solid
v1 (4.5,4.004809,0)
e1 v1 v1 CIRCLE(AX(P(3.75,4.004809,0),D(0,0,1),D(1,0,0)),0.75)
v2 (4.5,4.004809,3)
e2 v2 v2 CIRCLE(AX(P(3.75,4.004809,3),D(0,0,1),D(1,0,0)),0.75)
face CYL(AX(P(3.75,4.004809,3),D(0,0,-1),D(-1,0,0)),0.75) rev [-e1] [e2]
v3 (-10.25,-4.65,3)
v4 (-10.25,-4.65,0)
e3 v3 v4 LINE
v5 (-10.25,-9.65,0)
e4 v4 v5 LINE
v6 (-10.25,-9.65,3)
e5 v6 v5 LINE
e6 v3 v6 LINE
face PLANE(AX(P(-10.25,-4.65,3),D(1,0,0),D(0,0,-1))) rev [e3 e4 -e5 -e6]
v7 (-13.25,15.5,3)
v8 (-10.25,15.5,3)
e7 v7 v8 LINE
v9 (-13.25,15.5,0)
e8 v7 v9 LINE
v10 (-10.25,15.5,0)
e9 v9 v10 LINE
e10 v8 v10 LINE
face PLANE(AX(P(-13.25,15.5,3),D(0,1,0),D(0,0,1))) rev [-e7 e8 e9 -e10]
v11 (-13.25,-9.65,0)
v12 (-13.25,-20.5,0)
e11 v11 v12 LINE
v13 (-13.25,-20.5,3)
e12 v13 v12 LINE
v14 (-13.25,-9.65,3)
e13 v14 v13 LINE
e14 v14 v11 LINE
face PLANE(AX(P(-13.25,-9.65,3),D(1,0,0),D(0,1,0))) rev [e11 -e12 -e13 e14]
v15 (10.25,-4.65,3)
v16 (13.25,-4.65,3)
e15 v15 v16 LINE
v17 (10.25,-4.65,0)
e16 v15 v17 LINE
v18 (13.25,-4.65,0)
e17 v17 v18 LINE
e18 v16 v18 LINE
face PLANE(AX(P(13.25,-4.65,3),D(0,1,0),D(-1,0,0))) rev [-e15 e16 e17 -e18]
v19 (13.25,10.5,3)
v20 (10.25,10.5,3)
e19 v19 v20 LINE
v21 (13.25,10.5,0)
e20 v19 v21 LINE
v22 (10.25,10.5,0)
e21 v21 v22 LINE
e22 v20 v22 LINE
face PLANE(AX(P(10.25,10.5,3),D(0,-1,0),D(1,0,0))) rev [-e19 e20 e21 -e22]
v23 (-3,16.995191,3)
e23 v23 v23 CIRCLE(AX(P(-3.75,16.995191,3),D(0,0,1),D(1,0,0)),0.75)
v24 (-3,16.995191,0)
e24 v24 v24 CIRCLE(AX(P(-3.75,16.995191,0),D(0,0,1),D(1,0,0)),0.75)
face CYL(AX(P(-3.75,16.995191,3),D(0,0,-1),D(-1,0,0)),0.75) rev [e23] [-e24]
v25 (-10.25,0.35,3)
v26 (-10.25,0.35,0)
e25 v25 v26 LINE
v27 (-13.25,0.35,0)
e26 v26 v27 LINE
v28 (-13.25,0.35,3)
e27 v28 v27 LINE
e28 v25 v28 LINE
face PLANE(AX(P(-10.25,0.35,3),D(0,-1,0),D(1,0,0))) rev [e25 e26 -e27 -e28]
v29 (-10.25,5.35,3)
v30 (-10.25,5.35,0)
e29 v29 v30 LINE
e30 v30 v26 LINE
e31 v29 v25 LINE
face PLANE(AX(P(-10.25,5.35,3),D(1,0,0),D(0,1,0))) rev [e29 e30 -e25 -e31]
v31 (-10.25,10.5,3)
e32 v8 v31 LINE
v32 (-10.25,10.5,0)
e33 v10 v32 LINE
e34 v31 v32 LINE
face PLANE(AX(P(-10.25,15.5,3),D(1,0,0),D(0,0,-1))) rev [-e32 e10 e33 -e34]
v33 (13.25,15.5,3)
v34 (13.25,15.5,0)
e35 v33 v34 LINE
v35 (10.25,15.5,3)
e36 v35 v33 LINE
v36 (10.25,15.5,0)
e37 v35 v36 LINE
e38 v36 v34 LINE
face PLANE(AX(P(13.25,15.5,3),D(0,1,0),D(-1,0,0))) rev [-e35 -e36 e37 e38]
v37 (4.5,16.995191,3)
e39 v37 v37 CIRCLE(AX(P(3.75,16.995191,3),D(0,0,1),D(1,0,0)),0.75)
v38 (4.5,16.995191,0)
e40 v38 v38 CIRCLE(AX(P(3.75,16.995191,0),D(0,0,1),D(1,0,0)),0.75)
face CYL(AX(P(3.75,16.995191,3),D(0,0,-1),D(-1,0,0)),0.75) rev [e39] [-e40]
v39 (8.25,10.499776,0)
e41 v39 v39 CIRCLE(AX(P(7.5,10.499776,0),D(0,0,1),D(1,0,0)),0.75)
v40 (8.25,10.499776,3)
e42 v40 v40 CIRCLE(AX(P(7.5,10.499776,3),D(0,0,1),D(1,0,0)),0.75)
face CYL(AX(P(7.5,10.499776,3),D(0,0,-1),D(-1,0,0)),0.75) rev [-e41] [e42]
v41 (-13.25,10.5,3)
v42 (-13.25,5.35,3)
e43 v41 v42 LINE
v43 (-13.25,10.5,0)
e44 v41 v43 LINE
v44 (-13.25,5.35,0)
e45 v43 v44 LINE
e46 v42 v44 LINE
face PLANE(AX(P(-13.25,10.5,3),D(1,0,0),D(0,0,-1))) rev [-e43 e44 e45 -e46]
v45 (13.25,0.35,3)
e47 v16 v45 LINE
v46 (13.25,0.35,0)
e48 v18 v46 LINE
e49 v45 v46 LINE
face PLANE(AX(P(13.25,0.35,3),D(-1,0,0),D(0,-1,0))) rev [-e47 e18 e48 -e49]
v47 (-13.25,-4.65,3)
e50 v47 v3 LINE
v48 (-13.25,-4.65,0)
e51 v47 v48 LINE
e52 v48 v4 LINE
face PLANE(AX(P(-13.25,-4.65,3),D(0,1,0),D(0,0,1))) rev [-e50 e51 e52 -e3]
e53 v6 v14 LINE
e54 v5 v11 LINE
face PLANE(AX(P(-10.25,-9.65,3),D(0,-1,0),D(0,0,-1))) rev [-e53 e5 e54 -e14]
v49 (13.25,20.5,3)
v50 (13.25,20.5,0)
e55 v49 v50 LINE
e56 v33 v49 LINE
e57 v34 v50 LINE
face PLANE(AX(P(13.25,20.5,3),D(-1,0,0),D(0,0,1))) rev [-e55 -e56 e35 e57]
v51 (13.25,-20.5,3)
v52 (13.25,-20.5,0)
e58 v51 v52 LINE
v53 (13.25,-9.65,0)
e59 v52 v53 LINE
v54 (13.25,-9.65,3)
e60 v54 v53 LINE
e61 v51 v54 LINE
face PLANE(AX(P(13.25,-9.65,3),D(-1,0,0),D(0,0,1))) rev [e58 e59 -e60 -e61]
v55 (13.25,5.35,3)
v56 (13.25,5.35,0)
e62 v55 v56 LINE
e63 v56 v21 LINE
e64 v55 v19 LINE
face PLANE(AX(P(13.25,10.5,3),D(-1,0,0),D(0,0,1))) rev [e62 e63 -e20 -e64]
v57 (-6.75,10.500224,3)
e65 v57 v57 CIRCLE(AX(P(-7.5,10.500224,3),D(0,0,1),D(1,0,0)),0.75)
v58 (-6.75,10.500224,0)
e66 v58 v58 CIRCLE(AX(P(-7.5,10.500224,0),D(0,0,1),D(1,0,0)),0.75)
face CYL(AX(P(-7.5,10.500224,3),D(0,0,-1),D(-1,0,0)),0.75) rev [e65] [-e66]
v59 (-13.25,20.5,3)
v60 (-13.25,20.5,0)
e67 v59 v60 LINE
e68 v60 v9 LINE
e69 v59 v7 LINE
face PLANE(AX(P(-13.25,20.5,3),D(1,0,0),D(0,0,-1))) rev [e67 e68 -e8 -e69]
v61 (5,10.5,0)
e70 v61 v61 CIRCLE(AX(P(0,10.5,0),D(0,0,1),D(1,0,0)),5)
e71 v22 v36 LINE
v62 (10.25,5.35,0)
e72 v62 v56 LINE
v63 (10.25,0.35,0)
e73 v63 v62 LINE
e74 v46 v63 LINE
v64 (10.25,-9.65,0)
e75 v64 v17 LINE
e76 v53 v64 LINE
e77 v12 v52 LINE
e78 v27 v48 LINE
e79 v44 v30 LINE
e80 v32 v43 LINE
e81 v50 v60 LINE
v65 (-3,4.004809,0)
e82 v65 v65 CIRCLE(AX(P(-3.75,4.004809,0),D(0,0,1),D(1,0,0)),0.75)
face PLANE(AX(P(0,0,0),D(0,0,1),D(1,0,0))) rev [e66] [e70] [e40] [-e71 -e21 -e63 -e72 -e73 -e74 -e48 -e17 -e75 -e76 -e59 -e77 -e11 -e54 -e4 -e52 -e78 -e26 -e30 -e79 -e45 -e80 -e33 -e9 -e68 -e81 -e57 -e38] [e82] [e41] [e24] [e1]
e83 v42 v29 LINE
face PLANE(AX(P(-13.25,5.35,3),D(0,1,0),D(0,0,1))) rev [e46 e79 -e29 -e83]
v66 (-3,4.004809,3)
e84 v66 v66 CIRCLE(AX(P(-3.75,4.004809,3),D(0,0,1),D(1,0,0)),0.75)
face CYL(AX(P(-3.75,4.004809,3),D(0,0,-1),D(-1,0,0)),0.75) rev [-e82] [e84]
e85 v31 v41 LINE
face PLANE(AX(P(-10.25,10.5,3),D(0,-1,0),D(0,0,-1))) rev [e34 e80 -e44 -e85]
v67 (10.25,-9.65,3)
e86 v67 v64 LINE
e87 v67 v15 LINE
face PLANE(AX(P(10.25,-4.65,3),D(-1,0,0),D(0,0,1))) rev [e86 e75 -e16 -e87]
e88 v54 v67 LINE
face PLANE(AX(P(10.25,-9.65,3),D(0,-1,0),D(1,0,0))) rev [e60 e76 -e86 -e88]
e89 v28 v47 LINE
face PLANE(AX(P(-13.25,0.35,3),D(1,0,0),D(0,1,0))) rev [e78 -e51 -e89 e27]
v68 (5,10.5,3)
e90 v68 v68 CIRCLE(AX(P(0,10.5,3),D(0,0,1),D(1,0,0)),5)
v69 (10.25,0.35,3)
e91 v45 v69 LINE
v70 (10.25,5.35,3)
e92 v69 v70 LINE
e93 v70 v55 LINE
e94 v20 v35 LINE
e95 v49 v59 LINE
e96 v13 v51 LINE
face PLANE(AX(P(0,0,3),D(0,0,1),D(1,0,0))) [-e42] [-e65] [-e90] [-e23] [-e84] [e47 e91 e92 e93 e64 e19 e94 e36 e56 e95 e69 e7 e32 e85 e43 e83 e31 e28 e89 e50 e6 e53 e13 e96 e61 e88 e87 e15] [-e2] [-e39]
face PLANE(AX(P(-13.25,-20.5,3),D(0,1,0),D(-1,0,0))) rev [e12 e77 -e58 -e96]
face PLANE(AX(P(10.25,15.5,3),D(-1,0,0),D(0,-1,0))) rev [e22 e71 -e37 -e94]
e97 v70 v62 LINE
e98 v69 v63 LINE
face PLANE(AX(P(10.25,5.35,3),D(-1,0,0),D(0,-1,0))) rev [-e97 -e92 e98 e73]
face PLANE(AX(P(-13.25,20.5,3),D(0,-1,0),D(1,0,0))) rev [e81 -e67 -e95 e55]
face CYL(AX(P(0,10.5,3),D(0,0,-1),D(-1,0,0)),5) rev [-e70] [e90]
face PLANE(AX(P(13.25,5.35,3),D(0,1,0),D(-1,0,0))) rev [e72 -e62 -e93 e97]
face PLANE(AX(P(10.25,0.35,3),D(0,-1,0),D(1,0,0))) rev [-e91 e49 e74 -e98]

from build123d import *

# Parameters (mm, degrees)
SKETCH1_R           = 5
SKETCH1_R_2         = 0.75
BOSS_EXTRUDE1_DEPTH = 3


with BuildPart() as part:
    # Sketch1 → Boss-Extrude1 (new body)
    with BuildSketch(Plane.XY):
        Polygon((-13.25, 15.5), (-10.25, 15.5), (-10.25, 10.5), (-13.25, 10.5), (-13.25, 5.35), (-10.25, 5.35), (-10.25, 0.35), (-13.25, 0.35), (-13.25, -4.65), (-10.25, -4.65), (-10.25, -9.65), (-13.25, -9.65), (-13.25, -20.5), (13.25, -20.5), (13.25, -9.65), (10.25, -9.65), (10.25, -4.65), (13.25, -4.65), (13.25, 0.35), (10.25, 0.35), (10.25, 5.35), (13.25, 5.35), (13.25, 10.5), (10.25, 10.5), (10.25, 15.5), (13.25, 15.5), (13.25, 20.5), (-13.25, 20.5), align=None)
        with Locations((0, 10.5)):
            Circle(SKETCH1_R, mode=Mode.SUBTRACT)
        with Locations((3.75, 16.995190528)):
            Circle(SKETCH1_R_2, mode=Mode.SUBTRACT)
        with Locations((7.499999997, 10.499776304)):
            Circle(SKETCH1_R_2, mode=Mode.SUBTRACT)
        with Locations((3.75, 4.004809472)):
            Circle(SKETCH1_R_2, mode=Mode.SUBTRACT)
        with Locations((-3.75, 4.004809472)):
            Circle(SKETCH1_R_2, mode=Mode.SUBTRACT)
        with Locations((-7.499999997, 10.500223696)):
            Circle(SKETCH1_R_2, mode=Mode.SUBTRACT)
        with Locations((-3.75, 16.995190528)):
            Circle(SKETCH1_R_2, mode=Mode.SUBTRACT)
    extrude(amount=BOSS_EXTRUDE1_DEPTH)


solid = part.part
